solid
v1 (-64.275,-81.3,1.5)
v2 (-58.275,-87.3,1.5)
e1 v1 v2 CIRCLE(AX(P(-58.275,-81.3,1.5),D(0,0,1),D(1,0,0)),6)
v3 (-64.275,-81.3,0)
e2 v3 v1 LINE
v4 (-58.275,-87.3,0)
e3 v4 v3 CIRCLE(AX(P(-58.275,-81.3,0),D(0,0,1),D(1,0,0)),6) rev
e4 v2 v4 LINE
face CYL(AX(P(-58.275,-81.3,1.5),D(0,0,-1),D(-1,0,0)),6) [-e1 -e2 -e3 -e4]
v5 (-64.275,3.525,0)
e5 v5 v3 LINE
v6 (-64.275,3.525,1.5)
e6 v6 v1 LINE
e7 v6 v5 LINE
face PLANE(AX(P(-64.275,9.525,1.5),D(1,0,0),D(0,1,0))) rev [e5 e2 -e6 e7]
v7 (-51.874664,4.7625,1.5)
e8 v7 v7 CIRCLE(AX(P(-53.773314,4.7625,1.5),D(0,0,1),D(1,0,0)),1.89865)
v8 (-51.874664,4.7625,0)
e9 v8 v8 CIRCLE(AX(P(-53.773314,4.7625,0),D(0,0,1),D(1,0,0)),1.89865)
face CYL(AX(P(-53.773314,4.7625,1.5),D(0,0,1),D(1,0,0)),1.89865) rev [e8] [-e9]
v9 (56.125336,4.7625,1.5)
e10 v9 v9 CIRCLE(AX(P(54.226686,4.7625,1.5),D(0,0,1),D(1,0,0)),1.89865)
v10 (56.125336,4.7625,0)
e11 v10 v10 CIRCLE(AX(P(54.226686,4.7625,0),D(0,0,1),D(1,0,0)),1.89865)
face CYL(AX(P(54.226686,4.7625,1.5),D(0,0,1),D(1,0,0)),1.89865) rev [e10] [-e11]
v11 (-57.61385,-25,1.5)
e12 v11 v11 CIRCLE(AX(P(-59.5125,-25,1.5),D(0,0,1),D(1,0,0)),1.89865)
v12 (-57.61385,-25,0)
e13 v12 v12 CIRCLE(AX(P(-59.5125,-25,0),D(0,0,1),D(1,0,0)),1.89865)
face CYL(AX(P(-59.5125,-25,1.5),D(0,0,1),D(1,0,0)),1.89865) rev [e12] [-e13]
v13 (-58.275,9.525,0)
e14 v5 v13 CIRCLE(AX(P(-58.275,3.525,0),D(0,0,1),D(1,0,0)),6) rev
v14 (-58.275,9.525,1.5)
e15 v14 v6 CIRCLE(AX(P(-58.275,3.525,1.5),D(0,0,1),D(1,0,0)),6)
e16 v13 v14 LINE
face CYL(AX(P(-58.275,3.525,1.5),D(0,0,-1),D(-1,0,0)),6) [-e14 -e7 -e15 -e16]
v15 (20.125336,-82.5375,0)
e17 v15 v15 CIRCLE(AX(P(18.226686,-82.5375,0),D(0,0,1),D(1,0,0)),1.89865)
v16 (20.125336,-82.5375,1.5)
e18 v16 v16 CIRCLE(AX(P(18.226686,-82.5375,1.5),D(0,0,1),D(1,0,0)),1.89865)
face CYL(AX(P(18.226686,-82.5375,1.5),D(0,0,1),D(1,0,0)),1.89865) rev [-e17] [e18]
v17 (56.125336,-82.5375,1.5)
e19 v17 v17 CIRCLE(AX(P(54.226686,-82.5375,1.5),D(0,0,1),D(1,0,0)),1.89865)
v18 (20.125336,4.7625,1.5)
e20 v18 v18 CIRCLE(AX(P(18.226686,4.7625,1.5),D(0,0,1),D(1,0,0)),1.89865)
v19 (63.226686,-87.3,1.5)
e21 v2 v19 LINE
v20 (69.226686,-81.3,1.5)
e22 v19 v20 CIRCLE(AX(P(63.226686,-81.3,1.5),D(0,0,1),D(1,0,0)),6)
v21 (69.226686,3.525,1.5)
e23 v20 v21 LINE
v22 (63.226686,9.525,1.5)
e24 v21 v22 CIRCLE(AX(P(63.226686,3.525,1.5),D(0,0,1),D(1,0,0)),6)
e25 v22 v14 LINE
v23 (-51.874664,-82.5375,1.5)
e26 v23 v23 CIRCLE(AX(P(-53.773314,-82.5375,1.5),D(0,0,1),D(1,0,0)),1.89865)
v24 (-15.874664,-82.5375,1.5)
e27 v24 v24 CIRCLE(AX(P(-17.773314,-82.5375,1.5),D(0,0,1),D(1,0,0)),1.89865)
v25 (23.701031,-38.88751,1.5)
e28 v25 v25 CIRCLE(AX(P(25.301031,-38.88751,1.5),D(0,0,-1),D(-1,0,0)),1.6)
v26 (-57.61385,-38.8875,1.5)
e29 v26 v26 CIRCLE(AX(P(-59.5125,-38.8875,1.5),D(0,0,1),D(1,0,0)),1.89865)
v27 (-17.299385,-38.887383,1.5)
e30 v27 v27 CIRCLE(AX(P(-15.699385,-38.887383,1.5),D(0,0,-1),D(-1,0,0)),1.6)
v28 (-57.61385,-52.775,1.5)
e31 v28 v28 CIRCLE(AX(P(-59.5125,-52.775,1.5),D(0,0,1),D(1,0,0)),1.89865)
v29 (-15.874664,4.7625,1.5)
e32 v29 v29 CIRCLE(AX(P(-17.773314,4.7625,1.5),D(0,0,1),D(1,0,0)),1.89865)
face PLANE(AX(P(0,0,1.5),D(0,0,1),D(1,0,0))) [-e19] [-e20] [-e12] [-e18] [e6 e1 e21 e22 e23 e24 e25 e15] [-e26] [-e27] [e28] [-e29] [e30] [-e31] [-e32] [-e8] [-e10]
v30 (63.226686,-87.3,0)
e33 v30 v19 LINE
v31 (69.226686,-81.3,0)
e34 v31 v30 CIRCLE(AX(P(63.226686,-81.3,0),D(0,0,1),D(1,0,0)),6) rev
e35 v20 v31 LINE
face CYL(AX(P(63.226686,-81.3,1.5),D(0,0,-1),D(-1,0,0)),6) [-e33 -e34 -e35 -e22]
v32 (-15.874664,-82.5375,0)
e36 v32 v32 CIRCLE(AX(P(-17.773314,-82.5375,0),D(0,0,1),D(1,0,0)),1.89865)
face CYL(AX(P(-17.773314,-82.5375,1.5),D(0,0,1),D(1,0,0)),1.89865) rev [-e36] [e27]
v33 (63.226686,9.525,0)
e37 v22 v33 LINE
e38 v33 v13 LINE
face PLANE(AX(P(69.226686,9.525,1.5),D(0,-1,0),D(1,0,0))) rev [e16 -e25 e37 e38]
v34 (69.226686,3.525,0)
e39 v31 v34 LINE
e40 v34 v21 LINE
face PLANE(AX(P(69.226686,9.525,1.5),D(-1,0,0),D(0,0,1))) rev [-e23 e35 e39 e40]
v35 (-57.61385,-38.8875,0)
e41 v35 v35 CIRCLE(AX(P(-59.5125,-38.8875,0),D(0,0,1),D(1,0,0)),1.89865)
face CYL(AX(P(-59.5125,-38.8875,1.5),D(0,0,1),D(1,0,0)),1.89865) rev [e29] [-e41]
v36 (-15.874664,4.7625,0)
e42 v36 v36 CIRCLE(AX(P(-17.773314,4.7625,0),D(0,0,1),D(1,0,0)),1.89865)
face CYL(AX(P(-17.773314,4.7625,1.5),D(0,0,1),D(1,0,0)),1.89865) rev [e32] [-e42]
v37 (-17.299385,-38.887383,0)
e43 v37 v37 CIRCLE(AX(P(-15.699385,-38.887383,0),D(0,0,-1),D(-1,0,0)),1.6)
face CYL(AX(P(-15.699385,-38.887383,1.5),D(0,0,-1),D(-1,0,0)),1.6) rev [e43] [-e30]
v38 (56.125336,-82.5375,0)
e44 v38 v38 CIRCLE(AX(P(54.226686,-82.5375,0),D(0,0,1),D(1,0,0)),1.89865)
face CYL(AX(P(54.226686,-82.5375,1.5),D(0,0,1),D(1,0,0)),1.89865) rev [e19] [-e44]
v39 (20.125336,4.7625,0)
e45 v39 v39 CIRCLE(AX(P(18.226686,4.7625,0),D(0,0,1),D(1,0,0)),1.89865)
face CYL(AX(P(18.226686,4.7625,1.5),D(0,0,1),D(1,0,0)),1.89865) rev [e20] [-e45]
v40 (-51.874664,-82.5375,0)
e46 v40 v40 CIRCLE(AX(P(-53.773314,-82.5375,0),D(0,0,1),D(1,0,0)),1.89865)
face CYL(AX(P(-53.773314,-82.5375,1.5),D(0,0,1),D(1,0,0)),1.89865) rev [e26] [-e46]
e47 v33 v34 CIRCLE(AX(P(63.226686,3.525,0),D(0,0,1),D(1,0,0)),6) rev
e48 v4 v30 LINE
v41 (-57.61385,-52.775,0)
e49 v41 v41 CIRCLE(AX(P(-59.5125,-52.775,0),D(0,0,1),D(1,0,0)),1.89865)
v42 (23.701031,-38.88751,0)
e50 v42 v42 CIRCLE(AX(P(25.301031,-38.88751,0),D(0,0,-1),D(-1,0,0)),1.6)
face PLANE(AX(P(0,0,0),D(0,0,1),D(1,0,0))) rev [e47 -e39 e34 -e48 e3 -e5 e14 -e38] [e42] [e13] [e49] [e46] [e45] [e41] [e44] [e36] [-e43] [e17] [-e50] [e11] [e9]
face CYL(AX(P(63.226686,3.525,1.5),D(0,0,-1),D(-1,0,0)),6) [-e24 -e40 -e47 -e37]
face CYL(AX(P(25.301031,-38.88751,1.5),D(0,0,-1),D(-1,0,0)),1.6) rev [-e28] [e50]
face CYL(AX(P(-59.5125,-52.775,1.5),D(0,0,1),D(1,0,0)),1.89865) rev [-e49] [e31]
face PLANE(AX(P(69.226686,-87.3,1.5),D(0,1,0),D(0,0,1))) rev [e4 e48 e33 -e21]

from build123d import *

# Parameters (mm, degrees)
SKETCH1_W             = 133.501685986
SKETCH1_H             = 96.825
BOSS_EXTRUDE1_DEPTH   = 1.5
F_6_CLEARANCE_HOLE1_D = 3.7973
LPATTERN1_COUNT       = 4
LPATTERN1_PITCH       = 36
MIRROR1_COPY_1_D      = 3.7973
MIRROR1_COPY_2_D      = 3.7973
MIRROR1_COPY_3_D      = 3.7973
F_6_CLEARANCE_HOLE2_D = 3.7973
LPATTERN2_COUNT       = 3
LPATTERN2_PITCH       = 13.8875
FILLET1_R             = 6
SKETCH11_R            = 1.6
CUT_EXTRUDE1_DEPTH    = 112.42654106


with BuildPart() as part:
    # Sketch1 → Boss-Extrude1 (new body)
    with BuildSketch(Plane.XY):
        with Locations((2.475842993, -38.8875)):
            Rectangle(SKETCH1_W, SKETCH1_H)
    extrude(amount=BOSS_EXTRUDE1_DEPTH)

    # #6 Clearance Hole1 (through all)
    with Locations(Plane.XY.offset(1.5)):
        with Locations((54.226685986, 4.7625)):
            f_6_clearance_hole1 = Hole(F_6_CLEARANCE_HOLE1_D / 2)

    # LPattern1: #6 Clearance Hole1 ×4
    with Locations(*[(-i * LPATTERN1_PITCH, 0, 0) for i in range(1, LPATTERN1_COUNT)]):
        add(f_6_clearance_hole1, mode=Mode.SUBTRACT)

    # Mirror1: #6 Clearance Hole1 across plane
    add(f_6_clearance_hole1.mirror(Plane.ZX.offset(-38.8875)), mode=Mode.SUBTRACT)

    # Mirror1 copy 1 (through all)
    with Locations(Plane(origin=(-36, -77.775, 1.5), x_dir=(1, 0, 0), z_dir=(0, 0, 1))):
        with Locations((54.226685986, -4.7625)):
            Hole(MIRROR1_COPY_1_D / 2)

    # Mirror1 copy 2 (through all)
    with Locations(Plane(origin=(-72, -77.775, 1.5), x_dir=(1, 0, 0), z_dir=(0, 0, 1))):
        with Locations((54.226685986, -4.7625)):
            Hole(MIRROR1_COPY_2_D / 2)

    # Mirror1 copy 3 (through all)
    with Locations(Plane(origin=(-108, -77.775, 1.5), x_dir=(1, 0, 0), z_dir=(0, 0, 1))):
        with Locations((54.226685986, -4.7625)):
            Hole(MIRROR1_COPY_3_D / 2)

    # #6 Clearance Hole2 (through all)
    with Locations(Plane.XY.offset(1.5)):
        with Locations((-59.5125, -52.775)):
            f_6_clearance_hole2 = Hole(F_6_CLEARANCE_HOLE2_D / 2)

    # LPattern2: #6 Clearance Hole2 ×3
    with Locations(*[(0, i * LPATTERN2_PITCH, 0) for i in range(1, LPATTERN2_COUNT)]):
        add(f_6_clearance_hole2, mode=Mode.SUBTRACT)

    # Fillet1
    fillet1_edges = [part.edges().sort_by_distance(p)[0] for p in [
        (-64.275, -87.3, 0.75),
        (-64.275, 9.525, 0.75),
        (69.226685986, 9.525, 0.75),
        (69.226685986, -87.3, 0.75),
    ]]
    fillet(fillet1_edges, radius=FILLET1_R)

    # Sketch11 → Cut-Extrude1 (cut, through all)
    with BuildSketch(Plane(origin=(0, 0, 0), x_dir=(-1, 0, 0), z_dir=(0, 0, -1))):
        with Locations((-25.301031068, -38.88751017)):
            Circle(SKETCH11_R)
        with Locations((15.699384735, -38.887383169)):
            Circle(SKETCH11_R)
    extrude(amount=-CUT_EXTRUDE1_DEPTH, mode=Mode.SUBTRACT)


solid = part.part
